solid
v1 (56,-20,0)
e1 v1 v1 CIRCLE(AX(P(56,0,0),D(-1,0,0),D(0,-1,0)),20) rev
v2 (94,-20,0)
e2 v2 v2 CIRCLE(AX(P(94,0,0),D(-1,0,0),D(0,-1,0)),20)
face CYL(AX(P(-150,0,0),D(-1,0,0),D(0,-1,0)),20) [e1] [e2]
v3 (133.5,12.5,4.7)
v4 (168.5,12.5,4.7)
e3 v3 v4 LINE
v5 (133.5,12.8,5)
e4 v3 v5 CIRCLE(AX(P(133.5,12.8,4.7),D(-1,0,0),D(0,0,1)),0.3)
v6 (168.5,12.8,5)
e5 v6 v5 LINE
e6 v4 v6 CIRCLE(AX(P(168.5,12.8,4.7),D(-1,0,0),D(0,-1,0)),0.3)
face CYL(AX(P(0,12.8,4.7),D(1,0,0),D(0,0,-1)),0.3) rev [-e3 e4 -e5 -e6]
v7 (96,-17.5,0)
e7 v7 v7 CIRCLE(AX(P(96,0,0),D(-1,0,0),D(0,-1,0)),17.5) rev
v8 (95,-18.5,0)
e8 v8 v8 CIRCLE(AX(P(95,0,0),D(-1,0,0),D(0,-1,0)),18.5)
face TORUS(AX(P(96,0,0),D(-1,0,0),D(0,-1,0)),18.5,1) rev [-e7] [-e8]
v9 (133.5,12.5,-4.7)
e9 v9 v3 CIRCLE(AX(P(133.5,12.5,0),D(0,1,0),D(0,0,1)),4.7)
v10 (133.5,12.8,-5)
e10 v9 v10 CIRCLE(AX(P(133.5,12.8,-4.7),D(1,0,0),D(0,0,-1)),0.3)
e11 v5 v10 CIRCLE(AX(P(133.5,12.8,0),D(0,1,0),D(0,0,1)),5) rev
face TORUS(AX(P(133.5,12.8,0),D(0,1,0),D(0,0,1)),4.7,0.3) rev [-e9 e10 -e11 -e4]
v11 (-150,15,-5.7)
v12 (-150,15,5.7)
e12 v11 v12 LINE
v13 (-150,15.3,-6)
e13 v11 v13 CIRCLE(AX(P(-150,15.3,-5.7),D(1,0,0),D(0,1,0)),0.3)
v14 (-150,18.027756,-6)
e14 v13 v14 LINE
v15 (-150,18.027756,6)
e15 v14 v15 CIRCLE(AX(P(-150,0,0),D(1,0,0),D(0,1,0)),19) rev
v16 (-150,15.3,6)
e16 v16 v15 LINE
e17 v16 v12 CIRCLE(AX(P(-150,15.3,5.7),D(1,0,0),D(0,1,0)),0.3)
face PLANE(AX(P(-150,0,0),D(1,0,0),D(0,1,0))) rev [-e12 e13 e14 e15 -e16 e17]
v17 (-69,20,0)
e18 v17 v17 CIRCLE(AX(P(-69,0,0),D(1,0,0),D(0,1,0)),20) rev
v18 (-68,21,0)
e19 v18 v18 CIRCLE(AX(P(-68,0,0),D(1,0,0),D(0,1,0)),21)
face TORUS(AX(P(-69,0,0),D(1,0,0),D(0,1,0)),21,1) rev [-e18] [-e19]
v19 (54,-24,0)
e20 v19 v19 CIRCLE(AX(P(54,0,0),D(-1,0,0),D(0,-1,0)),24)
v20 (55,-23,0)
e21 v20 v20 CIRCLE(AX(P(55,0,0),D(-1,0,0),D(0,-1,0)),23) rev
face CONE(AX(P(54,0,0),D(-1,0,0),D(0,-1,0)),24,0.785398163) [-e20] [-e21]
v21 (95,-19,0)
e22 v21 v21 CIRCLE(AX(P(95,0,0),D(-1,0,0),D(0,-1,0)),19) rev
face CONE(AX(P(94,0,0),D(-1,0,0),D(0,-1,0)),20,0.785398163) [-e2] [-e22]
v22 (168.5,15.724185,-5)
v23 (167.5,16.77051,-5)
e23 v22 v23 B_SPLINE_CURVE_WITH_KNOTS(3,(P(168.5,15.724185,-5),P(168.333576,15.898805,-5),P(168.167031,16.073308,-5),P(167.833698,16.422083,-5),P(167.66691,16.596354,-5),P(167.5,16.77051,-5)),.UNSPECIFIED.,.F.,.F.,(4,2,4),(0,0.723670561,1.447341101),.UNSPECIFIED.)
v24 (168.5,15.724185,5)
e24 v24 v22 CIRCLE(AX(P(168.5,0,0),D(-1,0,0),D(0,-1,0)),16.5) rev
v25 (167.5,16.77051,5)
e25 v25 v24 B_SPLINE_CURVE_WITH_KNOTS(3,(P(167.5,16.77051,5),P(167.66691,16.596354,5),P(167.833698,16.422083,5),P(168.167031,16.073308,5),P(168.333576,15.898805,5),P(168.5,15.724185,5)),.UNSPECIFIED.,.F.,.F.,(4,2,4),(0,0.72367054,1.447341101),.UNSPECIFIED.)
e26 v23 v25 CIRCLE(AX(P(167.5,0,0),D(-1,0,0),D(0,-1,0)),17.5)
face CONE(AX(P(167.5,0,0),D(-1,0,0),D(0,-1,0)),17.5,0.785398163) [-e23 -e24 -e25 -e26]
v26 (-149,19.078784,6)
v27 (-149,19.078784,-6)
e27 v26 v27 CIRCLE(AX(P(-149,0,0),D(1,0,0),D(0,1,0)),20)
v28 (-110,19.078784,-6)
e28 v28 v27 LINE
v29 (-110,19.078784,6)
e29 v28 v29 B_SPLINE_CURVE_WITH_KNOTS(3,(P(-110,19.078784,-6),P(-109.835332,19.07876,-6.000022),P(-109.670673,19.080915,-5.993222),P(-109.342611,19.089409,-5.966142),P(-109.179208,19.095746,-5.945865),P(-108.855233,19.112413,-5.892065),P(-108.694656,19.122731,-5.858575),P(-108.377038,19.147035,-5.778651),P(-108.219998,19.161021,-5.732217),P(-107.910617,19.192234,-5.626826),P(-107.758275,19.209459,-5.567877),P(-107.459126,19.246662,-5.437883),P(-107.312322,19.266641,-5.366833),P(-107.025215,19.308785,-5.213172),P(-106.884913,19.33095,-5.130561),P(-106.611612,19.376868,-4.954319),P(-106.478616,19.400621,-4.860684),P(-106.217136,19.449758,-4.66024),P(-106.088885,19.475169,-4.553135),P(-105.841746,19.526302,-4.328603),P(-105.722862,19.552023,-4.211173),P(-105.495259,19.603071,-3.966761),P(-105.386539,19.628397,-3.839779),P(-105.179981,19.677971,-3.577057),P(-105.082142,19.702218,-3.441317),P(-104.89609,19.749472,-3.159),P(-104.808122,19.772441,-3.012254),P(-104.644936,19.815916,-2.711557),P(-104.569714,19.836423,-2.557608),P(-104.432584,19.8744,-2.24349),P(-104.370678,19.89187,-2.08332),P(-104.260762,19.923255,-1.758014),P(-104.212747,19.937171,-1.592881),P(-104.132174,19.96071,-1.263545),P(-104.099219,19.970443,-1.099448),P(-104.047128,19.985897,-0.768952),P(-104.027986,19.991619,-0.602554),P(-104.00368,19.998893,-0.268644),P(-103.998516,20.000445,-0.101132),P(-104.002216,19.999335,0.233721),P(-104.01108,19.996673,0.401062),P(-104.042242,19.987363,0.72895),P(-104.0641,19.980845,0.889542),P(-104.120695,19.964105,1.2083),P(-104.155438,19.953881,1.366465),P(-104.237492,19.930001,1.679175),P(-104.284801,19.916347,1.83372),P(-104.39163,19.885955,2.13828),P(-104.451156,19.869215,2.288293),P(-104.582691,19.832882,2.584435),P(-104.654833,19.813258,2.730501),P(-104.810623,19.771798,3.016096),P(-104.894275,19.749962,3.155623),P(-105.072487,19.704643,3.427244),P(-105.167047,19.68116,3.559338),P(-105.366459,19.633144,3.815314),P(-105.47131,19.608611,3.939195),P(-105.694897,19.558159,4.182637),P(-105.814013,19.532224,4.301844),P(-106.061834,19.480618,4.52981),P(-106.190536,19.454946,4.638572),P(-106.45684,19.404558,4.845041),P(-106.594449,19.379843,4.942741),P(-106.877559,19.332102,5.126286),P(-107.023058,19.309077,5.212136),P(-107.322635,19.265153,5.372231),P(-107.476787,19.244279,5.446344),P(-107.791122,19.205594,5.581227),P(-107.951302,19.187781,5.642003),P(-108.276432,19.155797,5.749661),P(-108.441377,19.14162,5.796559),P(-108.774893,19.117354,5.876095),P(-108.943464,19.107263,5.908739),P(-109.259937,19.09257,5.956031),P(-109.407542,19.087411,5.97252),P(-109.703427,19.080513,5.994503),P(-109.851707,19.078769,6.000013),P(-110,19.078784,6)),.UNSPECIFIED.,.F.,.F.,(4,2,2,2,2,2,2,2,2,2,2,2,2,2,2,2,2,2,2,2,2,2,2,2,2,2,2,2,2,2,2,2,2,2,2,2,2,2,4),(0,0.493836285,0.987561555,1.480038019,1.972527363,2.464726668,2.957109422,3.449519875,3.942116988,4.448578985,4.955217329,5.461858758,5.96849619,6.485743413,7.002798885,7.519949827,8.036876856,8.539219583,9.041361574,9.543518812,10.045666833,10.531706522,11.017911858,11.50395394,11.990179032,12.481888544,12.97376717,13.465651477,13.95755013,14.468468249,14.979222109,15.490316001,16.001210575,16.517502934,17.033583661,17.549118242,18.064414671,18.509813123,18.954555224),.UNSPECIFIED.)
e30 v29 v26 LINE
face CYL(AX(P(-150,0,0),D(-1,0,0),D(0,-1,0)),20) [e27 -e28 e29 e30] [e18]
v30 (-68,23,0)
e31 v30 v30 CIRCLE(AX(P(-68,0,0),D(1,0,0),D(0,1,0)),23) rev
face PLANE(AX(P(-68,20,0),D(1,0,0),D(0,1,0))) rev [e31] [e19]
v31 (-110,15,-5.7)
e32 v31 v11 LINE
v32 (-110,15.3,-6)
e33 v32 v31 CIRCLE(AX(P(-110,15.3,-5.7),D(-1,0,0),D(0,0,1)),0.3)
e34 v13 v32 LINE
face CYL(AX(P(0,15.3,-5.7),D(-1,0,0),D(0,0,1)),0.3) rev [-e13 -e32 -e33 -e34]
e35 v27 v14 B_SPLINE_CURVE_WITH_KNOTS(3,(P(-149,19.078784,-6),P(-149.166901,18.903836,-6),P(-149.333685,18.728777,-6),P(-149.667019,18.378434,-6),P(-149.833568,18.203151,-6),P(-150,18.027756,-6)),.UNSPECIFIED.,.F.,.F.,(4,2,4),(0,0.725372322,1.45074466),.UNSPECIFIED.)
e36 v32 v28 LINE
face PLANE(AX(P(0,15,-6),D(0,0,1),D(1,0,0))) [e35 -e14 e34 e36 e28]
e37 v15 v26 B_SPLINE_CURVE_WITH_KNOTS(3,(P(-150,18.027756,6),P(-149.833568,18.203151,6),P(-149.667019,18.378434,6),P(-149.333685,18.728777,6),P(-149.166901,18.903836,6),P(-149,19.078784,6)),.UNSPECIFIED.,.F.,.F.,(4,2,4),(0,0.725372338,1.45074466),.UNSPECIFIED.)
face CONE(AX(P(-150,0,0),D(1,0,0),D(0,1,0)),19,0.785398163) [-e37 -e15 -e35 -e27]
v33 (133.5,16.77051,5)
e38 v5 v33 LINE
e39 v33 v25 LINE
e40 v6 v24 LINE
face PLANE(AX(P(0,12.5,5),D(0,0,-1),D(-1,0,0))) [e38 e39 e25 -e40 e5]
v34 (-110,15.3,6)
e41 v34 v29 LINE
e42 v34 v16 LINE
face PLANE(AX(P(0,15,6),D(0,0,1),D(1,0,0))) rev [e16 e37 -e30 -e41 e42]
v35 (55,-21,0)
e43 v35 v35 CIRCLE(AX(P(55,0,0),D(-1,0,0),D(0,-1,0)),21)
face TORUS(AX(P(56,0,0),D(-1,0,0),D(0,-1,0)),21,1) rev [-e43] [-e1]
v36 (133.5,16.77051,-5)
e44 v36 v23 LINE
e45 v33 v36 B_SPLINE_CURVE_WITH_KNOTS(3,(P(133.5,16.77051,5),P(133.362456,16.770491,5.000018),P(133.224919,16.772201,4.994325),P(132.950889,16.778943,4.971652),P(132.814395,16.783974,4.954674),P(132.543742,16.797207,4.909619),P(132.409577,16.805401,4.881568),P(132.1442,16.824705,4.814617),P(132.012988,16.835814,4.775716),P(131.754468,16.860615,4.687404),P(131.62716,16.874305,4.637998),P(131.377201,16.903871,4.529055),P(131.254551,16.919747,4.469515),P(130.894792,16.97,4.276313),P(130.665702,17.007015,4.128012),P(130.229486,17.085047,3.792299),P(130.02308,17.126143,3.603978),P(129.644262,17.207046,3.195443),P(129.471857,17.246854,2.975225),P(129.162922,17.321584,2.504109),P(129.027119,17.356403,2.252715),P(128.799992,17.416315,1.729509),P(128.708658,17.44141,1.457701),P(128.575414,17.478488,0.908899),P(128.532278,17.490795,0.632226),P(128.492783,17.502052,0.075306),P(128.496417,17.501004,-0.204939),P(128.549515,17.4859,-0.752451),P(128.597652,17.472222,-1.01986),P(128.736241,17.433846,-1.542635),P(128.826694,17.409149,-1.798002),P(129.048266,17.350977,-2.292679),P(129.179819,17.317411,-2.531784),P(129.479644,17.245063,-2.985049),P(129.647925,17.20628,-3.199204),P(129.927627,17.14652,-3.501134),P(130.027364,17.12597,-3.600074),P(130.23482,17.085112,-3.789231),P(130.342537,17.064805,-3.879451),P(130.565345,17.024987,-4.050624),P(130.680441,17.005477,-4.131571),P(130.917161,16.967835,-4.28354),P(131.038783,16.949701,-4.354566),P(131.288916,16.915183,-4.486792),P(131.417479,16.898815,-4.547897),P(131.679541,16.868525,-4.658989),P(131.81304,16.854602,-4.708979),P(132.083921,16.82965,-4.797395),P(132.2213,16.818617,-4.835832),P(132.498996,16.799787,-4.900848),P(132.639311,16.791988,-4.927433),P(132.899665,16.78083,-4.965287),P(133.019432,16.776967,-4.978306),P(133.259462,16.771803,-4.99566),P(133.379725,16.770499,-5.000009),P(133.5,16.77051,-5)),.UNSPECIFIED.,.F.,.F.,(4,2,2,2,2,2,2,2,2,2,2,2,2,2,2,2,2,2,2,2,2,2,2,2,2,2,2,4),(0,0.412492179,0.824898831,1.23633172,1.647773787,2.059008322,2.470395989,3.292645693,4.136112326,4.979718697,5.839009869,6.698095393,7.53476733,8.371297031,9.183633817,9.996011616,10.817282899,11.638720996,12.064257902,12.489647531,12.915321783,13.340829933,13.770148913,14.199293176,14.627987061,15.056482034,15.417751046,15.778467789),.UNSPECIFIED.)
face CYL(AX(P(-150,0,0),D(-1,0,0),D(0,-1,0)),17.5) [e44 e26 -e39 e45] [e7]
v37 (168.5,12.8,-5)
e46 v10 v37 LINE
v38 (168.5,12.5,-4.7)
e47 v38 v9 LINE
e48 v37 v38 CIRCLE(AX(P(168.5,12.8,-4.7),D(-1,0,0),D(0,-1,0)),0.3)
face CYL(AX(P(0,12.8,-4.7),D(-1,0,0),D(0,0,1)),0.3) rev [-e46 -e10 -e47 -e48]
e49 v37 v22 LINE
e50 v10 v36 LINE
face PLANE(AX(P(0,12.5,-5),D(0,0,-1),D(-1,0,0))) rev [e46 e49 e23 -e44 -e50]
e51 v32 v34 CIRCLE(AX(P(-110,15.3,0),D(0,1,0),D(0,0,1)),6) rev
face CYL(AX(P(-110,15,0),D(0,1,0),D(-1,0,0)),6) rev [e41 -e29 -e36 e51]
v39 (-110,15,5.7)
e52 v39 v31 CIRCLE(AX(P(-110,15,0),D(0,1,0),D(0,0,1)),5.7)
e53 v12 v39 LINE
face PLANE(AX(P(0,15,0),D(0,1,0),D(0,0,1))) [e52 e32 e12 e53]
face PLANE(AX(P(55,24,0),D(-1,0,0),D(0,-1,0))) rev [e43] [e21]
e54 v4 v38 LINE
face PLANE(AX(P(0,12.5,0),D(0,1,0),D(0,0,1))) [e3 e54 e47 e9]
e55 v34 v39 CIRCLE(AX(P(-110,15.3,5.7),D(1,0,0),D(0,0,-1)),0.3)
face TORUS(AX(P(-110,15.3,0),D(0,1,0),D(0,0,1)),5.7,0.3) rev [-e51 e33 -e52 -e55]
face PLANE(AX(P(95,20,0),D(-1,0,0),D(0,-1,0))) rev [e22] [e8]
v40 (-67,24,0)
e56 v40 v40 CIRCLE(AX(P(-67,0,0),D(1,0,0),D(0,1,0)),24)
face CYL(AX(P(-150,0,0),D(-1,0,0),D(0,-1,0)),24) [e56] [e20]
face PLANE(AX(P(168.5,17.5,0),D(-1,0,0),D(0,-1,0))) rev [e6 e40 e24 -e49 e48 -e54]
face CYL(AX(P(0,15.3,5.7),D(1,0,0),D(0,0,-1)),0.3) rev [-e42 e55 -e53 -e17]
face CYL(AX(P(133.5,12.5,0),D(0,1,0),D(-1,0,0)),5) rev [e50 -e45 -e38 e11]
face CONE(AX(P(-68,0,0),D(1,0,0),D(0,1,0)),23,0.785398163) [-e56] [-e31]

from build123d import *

# Parameters (mm, degrees)
CUT_EXTRUDE1_DEPTH = 5
FILLET1_R          = 0.3
CUT_EXTRUDE2_DEPTH = 5
FILLET2_R          = 0.3
CHAMFER1_SIZE      = 1
FILLET3_R          = 1


with BuildPart() as part:
    # Sketch1 → Revolve1 (revolve)
    with BuildSketch(Plane.XY):
        Polygon((-150, 0), (-150, 20), (-68, 20), (-68, 24), (55, 24), (55, 20), (95, 20), (95, 17.5), (168.5, 17.5), (168.5, 0), (34, 0), align=None)
    revolve(axis=Axis((-150, 0, 0), (1, 0, 0)))

    # Sketch2 → Cut-Extrude1 (cut)
    with BuildSketch(Plane(origin=(0, 20, 0), x_dir=(1, 0, 0), z_dir=(0, 1, 0))):
        with BuildLine():
            Line((-150, 6), (-150, -6))
            Line((-150, -6), (-110, -6))
            ThreePointArc((-110, -6), (-104, 0), (-110, 6))
            Line((-110, 6), (-150, 6))
        make_face()
    extrude(amount=-CUT_EXTRUDE1_DEPTH, mode=Mode.SUBTRACT)

    # Fillet1
    fillet1_edges = [part.edges().sort_by_distance(p)[0] for p in [
        (-130, 15, 6),
        (-104, 15, 0),
        (-130, 15, -6),
    ]]
    fillet(fillet1_edges, radius=FILLET1_R)

    # Sketch3 → Cut-Extrude2 (cut)
    with BuildSketch(Plane(origin=(0, 17.5, 0), x_dir=(1, 0, 0), z_dir=(0, 1, 0))):
        with BuildLine():
            Line((168.5, -5), (168.5, 5))
            Line((168.5, 5), (133.5, 5))
            ThreePointArc((133.5, 5), (128.5, 0), (133.5, -5))
            Line((133.5, -5), (168.5, -5))
        make_face()
    extrude(amount=-CUT_EXTRUDE2_DEPTH, mode=Mode.SUBTRACT)

    # Fillet2
    fillet2_edges = [part.edges().sort_by_distance(p)[0] for p in [
        (128.5, 12.5, 0),
        (151, 12.5, -5),
        (151, 12.5, 5),
    ]]
    fillet(fillet2_edges, radius=FILLET2_R)

    # Chamfer1
    chamfer1_edges = [part.edges().sort_by_distance(p)[0] for p in [
        (95, -20, 0),
        (55, -24, 0),
        (-68, -24, 0),
        (-150, -20, 0),
        (168.5, -17.5, 0),
    ]]
    chamfer(chamfer1_edges, length=CHAMFER1_SIZE)

    # Fillet3
    fillet3_edges = [part.edges().sort_by_distance(p)[0] for p in [
        (55, -20, 0),
        (-68, -20, 0),
        (95, -17.5, 0),
    ]]
    fillet(fillet3_edges, radius=FILLET3_R)


solid = part.part
